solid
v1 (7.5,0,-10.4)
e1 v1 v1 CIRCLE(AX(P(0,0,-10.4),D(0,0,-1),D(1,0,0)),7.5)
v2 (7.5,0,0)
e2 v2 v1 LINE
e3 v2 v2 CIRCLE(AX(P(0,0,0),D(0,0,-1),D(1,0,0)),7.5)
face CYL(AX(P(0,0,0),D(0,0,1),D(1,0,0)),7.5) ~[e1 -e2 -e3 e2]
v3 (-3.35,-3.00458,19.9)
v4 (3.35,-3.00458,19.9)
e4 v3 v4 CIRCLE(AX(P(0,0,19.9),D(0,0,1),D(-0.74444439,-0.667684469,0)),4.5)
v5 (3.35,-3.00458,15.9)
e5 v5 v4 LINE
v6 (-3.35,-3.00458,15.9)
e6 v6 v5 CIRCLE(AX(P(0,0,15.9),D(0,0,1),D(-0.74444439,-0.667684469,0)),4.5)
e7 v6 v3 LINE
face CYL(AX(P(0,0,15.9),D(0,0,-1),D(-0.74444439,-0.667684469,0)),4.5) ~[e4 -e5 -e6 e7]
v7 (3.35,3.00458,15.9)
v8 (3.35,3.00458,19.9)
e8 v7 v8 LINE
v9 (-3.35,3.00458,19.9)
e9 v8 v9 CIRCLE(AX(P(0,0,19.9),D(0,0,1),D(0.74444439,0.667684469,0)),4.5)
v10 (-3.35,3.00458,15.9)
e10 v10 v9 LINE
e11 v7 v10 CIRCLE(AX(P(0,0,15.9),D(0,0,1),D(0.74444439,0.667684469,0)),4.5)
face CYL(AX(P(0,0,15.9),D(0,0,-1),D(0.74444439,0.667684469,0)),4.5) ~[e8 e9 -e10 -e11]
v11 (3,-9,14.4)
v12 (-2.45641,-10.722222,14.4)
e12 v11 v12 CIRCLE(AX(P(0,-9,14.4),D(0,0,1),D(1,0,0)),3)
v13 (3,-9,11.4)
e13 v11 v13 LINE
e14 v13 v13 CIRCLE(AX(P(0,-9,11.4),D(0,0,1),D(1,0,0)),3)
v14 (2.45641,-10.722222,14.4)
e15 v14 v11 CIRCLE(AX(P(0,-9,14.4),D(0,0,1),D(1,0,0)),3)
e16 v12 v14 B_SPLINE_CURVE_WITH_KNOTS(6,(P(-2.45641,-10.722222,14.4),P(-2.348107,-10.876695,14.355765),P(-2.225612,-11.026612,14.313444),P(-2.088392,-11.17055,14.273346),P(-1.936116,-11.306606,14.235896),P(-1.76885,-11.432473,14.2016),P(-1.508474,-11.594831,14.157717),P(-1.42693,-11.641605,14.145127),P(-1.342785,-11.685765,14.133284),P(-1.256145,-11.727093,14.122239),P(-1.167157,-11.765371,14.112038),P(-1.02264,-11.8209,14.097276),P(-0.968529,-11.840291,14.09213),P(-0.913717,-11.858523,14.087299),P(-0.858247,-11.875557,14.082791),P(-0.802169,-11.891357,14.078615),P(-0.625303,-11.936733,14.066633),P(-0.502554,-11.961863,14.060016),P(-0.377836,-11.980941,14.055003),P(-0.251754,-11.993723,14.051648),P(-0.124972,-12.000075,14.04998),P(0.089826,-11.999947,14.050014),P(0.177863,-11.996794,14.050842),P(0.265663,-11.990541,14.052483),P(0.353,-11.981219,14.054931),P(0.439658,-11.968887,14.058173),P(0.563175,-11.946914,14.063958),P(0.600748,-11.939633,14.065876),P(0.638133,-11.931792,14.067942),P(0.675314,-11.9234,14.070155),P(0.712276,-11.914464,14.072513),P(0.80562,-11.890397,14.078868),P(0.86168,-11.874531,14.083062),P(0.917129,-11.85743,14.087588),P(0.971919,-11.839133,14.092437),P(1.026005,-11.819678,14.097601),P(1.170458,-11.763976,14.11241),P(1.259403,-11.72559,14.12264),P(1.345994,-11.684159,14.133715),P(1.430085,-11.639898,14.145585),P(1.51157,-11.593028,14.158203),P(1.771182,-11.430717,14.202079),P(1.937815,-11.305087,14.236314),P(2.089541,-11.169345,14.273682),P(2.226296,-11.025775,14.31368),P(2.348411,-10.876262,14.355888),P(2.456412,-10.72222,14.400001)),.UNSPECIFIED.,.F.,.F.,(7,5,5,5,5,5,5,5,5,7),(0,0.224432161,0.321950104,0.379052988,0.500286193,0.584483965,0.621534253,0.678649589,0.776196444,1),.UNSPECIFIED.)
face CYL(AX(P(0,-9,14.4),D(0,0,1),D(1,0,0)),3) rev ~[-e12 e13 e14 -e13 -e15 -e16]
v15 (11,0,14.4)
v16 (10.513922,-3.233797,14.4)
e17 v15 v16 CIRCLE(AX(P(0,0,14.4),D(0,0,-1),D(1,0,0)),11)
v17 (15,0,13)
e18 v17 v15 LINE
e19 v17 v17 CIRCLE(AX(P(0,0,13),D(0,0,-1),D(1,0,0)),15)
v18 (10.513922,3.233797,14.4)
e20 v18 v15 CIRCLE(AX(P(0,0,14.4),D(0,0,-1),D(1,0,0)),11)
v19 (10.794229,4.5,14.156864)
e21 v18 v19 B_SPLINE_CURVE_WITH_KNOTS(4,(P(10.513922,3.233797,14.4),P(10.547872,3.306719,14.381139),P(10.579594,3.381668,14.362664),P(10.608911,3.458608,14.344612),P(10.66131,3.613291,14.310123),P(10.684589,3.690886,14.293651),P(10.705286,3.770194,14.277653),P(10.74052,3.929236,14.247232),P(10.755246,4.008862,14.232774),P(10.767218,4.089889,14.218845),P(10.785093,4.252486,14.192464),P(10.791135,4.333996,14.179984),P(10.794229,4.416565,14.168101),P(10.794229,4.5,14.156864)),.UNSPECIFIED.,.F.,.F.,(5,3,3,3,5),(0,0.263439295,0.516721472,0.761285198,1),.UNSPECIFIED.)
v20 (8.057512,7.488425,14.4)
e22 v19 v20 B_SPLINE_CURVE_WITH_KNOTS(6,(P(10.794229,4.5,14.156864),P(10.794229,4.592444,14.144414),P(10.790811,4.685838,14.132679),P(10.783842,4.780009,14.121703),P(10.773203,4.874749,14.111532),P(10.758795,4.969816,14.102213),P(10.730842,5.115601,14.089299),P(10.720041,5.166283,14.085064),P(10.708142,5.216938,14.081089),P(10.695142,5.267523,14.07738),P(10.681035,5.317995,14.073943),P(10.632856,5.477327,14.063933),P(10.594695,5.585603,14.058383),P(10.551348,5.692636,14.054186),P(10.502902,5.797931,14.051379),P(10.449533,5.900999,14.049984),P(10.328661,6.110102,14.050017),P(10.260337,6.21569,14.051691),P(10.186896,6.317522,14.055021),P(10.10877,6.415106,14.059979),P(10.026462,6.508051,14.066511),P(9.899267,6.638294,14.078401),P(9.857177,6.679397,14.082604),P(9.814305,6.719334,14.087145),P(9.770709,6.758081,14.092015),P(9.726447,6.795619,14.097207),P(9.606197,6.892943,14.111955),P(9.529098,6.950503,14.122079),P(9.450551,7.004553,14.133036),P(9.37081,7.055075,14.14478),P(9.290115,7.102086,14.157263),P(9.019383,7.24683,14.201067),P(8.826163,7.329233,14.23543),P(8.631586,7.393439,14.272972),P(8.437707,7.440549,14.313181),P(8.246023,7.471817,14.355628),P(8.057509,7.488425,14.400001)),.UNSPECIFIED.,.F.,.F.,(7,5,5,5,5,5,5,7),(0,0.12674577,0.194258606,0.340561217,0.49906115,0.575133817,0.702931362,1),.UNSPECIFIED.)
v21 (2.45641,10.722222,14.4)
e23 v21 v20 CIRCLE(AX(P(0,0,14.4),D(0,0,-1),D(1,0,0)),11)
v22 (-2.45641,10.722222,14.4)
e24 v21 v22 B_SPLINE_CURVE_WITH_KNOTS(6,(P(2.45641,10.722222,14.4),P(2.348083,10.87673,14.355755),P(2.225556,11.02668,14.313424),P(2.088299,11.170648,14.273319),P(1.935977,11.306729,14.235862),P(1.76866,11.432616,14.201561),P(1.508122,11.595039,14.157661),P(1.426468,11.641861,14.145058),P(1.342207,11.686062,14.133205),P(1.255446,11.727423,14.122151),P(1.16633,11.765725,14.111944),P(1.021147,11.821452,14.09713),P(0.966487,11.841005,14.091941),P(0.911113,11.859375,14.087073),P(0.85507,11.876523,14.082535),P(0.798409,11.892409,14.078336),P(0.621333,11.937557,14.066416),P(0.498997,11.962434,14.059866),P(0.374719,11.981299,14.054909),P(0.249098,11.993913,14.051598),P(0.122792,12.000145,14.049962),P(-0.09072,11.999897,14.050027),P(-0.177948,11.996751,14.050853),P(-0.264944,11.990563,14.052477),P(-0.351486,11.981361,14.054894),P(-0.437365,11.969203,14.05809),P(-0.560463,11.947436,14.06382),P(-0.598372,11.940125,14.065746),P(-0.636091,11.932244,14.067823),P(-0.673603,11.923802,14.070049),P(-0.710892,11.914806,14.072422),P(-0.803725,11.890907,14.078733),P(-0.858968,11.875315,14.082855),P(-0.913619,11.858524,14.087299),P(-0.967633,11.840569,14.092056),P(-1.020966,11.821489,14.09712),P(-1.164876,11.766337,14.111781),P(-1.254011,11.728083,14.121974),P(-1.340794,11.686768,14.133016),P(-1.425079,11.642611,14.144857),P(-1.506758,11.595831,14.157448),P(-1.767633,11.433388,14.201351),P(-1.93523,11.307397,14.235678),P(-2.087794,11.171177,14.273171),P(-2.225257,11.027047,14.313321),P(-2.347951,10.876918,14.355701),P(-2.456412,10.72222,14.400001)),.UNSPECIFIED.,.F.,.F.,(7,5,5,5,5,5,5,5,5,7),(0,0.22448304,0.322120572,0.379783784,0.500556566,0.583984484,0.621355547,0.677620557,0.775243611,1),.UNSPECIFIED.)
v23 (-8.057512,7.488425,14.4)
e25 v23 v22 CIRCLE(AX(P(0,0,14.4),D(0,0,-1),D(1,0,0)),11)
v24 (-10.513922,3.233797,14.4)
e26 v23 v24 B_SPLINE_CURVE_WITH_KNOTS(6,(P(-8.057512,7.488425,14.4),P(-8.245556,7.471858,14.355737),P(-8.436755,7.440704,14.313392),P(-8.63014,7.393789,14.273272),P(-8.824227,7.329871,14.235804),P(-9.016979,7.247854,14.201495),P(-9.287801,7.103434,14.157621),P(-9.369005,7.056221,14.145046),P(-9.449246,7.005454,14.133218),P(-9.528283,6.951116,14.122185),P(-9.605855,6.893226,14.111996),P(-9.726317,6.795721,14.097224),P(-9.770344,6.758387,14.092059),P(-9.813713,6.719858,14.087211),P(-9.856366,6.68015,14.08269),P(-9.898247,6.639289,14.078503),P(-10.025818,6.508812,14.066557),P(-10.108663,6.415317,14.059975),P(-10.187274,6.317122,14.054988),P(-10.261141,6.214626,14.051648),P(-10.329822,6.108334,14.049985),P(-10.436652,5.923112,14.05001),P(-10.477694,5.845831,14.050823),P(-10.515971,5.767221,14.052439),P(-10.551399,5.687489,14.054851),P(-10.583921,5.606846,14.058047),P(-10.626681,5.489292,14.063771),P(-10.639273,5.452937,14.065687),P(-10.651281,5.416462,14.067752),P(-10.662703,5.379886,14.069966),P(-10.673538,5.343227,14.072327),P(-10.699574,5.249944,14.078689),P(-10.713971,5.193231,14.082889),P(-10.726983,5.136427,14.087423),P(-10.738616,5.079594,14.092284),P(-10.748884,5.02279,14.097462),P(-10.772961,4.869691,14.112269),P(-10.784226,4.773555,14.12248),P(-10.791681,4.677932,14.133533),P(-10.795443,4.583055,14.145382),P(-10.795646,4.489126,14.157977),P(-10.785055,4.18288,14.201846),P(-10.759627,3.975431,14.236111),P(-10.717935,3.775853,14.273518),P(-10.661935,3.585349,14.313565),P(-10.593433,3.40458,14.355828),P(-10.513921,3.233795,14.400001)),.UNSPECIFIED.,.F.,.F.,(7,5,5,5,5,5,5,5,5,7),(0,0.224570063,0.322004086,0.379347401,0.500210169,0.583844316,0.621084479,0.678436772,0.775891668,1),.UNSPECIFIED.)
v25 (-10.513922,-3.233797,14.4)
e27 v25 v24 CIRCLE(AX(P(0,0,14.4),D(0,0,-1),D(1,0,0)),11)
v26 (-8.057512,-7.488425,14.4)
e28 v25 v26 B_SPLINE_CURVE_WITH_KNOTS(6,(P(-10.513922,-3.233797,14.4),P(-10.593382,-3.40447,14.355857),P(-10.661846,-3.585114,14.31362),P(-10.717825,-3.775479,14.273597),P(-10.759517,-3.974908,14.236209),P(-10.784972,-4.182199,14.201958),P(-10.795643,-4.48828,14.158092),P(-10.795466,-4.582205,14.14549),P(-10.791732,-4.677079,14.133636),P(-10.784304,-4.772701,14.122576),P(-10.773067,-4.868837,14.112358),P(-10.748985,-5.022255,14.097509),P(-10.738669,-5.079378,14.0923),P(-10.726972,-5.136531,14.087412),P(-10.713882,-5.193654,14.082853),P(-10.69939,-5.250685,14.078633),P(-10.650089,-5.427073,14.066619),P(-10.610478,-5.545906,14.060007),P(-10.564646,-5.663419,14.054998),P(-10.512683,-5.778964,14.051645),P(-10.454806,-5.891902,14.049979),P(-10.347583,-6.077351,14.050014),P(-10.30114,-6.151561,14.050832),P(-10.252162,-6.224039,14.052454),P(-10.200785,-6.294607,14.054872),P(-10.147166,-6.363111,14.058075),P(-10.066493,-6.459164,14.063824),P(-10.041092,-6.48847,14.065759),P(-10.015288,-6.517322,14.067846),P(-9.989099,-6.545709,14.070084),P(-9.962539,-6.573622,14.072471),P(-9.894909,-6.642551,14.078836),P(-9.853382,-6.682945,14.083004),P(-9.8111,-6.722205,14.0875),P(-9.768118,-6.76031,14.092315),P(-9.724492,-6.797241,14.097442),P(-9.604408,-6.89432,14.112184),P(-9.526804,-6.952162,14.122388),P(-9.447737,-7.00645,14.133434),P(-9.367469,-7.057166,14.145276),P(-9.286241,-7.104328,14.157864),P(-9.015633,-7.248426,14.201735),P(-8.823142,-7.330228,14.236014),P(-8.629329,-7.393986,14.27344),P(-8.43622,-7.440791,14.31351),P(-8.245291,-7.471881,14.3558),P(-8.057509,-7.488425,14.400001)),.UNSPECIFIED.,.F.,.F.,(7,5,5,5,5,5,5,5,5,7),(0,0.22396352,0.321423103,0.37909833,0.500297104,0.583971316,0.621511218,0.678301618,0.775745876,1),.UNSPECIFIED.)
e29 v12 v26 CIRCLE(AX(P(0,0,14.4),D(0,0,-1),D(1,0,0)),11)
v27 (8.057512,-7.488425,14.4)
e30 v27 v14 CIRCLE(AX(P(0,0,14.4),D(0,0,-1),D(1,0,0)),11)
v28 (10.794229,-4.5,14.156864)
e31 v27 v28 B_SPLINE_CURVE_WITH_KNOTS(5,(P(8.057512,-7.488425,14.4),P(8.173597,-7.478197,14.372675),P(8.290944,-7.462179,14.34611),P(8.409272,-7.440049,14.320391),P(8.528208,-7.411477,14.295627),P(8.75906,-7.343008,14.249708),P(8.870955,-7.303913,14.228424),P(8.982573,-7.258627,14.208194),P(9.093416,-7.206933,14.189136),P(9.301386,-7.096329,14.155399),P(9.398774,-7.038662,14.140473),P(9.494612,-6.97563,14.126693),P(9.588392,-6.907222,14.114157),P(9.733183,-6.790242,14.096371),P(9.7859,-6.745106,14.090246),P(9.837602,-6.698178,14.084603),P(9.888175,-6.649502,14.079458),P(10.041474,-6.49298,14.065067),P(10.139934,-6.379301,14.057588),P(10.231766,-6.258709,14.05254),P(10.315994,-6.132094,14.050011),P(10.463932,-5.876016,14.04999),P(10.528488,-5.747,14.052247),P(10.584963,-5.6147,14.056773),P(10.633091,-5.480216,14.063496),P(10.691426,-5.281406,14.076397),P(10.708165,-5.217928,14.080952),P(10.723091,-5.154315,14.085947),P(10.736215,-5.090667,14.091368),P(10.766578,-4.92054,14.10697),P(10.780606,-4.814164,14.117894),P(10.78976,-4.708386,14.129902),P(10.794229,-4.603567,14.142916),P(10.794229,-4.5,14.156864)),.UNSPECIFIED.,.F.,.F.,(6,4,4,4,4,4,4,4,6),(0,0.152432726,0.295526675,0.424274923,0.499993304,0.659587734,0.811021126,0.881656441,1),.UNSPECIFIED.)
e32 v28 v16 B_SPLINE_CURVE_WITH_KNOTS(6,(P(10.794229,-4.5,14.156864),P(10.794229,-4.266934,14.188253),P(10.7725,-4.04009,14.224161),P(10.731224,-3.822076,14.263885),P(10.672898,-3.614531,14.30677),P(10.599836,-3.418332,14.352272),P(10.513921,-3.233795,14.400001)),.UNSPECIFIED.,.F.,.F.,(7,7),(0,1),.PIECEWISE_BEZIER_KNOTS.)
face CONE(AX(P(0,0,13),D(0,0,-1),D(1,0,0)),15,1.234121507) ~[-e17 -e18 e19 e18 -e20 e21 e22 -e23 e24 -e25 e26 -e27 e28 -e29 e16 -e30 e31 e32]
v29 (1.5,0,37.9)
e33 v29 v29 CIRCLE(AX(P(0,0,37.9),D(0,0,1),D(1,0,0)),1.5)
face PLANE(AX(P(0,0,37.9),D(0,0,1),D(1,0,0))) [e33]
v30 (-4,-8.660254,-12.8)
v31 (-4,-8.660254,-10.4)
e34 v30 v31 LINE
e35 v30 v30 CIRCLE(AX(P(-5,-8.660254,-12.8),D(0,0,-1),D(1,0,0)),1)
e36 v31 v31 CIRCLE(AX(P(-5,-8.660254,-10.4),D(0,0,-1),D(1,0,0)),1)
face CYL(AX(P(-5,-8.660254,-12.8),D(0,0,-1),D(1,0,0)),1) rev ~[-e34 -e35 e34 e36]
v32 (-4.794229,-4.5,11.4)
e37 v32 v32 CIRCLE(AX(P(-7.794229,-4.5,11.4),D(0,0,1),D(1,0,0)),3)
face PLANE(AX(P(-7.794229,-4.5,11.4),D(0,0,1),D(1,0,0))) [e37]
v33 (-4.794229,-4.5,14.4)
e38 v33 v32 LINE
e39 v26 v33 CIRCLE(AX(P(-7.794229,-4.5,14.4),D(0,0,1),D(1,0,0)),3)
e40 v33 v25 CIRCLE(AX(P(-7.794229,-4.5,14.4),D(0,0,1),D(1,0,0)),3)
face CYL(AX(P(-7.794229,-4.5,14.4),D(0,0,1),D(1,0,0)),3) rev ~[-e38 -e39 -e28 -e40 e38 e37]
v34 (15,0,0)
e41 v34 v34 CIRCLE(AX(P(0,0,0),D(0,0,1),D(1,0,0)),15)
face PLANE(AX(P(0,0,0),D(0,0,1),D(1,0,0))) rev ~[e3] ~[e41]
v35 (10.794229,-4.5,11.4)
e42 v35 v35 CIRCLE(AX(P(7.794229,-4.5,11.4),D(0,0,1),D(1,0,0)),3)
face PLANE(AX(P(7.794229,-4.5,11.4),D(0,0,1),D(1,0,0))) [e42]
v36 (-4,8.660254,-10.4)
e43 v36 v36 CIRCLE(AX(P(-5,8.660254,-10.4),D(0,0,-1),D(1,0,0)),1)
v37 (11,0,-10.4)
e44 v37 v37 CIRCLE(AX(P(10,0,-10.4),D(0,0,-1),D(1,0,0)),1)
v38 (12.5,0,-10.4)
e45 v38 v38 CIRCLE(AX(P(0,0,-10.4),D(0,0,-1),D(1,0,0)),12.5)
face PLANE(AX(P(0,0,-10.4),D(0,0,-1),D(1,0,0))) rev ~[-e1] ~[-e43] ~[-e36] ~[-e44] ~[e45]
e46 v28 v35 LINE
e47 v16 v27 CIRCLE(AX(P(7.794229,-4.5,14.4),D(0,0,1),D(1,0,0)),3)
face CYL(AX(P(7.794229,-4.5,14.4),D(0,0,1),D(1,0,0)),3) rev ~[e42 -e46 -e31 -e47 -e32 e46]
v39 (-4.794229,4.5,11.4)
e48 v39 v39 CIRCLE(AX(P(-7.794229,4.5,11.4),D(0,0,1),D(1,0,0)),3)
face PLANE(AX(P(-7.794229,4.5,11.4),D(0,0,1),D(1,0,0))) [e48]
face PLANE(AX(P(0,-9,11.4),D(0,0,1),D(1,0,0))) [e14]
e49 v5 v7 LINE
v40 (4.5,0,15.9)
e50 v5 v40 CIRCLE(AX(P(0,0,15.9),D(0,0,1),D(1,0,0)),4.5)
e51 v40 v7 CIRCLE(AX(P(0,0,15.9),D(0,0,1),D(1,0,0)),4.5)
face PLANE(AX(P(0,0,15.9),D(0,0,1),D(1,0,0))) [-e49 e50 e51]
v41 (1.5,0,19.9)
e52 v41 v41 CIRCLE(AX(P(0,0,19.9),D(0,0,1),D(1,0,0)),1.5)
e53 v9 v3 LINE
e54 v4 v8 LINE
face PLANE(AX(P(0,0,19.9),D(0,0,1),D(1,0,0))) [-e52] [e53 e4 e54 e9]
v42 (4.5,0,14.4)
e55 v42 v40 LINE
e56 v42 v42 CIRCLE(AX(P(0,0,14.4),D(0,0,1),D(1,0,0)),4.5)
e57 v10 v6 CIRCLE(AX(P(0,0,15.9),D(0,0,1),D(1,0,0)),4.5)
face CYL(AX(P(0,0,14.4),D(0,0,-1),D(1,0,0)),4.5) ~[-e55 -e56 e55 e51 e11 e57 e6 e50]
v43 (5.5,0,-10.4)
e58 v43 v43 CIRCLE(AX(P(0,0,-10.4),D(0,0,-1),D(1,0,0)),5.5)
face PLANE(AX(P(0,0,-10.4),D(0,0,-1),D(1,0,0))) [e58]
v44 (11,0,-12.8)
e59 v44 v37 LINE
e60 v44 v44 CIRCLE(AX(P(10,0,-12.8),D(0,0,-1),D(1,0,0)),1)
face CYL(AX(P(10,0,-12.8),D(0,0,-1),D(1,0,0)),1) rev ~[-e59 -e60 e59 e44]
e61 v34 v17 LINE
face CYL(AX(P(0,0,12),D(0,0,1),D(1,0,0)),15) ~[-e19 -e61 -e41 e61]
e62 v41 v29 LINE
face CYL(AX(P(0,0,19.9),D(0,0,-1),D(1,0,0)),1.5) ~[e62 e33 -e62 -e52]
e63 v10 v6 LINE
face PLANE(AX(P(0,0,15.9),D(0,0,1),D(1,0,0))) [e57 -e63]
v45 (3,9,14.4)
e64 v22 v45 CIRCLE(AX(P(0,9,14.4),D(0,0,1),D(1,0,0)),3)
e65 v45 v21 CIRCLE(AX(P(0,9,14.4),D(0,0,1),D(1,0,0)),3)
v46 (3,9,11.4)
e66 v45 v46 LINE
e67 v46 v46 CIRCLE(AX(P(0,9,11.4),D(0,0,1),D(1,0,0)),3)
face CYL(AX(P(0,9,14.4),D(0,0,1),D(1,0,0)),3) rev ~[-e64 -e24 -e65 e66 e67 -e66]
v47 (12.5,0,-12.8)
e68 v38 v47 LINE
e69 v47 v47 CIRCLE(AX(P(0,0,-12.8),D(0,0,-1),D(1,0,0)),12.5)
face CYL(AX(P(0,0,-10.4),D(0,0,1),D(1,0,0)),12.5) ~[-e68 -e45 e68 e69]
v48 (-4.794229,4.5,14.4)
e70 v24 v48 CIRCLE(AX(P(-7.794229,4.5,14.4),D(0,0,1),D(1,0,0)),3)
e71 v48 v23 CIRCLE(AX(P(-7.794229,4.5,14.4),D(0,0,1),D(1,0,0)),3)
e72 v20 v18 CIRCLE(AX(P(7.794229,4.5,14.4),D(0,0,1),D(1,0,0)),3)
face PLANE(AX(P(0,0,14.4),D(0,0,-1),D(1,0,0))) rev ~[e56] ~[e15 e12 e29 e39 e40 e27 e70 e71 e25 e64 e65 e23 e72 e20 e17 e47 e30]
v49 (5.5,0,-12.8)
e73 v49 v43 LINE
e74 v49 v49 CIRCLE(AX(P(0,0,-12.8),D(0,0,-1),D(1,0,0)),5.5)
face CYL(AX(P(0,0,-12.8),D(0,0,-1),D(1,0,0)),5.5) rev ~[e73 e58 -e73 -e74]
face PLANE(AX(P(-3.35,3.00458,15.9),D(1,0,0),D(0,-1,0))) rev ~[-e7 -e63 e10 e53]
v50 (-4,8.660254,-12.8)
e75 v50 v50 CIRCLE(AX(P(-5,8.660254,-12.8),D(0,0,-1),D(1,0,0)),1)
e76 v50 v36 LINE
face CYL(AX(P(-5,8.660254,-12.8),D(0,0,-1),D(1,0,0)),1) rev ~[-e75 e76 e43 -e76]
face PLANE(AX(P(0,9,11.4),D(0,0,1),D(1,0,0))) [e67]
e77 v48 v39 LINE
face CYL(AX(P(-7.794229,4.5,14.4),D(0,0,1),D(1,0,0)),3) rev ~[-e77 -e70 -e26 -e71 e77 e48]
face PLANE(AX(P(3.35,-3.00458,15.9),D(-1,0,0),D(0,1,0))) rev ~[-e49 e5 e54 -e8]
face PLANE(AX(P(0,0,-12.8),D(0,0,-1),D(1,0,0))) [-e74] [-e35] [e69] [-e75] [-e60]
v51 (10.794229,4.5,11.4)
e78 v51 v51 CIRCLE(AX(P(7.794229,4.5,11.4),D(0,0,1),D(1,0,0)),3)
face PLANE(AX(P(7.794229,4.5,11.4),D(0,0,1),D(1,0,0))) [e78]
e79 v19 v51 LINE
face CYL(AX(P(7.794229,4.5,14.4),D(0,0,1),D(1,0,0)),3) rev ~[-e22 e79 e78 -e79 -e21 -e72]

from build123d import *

# Parameters (mm, degrees)
F0_R      = 15
F1_DEPTH  = 12
F4_R      = 3
F5_DEPTH  = 3
F6_R      = 4.5
F7_DEPTH  = 1.5
F9_DEPTH  = 4
F10_R     = 1.5
F11_DEPTH = 18
F12_R     = 7.5
F13_DEPTH = 10.4
F14_R     = 12.5
F15_DEPTH = 2.4
F16_R     = 5.5
F16_R_2   = 1
F17_DEPTH = 2.4


with BuildPart() as f1:
    # F0 (on Top) → F1 (new body)
    with BuildSketch(Plane.XY):
        Circle(F0_R)
    extrude(amount=F1_DEPTH)

    # F2 (on Front) → F3 (revolve)
    with BuildSketch(Plane.XZ):
        Polygon((11, 14.4), (0, 14.4), (0, 12), (15, 12), (15, 13), align=None)
    revolve(axis=Axis((0, 0, 13.2), (0, 0, -1)))

    # F4 (on face) → F5 (cut)
    with BuildSketch(Plane.XY.offset(14.4)):
        with Locations((0, 9)):
            Circle(F4_R)
        with Locations((-7.794229, 4.5)):
            Circle(F4_R)
        with Locations((-7.794229, -4.5)):
            Circle(F4_R)
        with Locations((0, -9)):
            Circle(F4_R)
        with Locations((7.794229, -4.5)):
            Circle(F4_R)
        with Locations((7.794229, 4.5)):
            Circle(F4_R)
    extrude(amount=-F5_DEPTH, mode=Mode.SUBTRACT)

    # F6 (on face) → F7 (join)
    with BuildSketch(Plane.XY.offset(14.4)):
        Circle(F6_R)
    extrude(amount=F7_DEPTH)

    # F8 (on face) → F9 (join)
    with BuildSketch(Plane.XY.offset(15.9)):
        with BuildLine():
            Line((3.35, -3.00458), (3.35, 3.00458))
            ThreePointArc((3.35, 3.00458), (0, 4.5), (-3.35, 3.00458))
            Line((-3.35, 3.00458), (-3.35, -3.00458))
            ThreePointArc((-3.35, -3.00458), (0, -4.5), (3.35, -3.00458))
        make_face()
    extrude(amount=F9_DEPTH)

    # F10 (on face) → F11 (join)
    with BuildSketch(Plane.XY.offset(19.9)):
        Circle(F10_R)
    extrude(amount=F11_DEPTH)

    # F12 (on face) → F13 (join)
    with BuildSketch(Plane(origin=(0, 0, 0), x_dir=(1, 0, 0), z_dir=(0, 0, -1))):
        Circle(F12_R)
    extrude(amount=F13_DEPTH)

    # F14 (on face) → F15 (join)
    with BuildSketch(Plane(origin=(0, 0, -10.4), x_dir=(1, 0, 0), z_dir=(0, 0, -1))):
        Circle(F14_R)
    extrude(amount=F15_DEPTH)

    # F16 (on face) → F17 (cut)
    with BuildSketch(Plane(origin=(0, 0, -12.8), x_dir=(1, 0, 0), z_dir=(0, 0, -1))):
        Circle(F16_R)
        with Locations((10, 0)):
            Circle(F16_R_2)
        with Locations((-5, 8.660254)):
            Circle(F16_R_2)
        with Locations((-5, -8.660254)):
            Circle(F16_R_2)
    extrude(amount=-F17_DEPTH, mode=Mode.SUBTRACT)


solid = f1.part
